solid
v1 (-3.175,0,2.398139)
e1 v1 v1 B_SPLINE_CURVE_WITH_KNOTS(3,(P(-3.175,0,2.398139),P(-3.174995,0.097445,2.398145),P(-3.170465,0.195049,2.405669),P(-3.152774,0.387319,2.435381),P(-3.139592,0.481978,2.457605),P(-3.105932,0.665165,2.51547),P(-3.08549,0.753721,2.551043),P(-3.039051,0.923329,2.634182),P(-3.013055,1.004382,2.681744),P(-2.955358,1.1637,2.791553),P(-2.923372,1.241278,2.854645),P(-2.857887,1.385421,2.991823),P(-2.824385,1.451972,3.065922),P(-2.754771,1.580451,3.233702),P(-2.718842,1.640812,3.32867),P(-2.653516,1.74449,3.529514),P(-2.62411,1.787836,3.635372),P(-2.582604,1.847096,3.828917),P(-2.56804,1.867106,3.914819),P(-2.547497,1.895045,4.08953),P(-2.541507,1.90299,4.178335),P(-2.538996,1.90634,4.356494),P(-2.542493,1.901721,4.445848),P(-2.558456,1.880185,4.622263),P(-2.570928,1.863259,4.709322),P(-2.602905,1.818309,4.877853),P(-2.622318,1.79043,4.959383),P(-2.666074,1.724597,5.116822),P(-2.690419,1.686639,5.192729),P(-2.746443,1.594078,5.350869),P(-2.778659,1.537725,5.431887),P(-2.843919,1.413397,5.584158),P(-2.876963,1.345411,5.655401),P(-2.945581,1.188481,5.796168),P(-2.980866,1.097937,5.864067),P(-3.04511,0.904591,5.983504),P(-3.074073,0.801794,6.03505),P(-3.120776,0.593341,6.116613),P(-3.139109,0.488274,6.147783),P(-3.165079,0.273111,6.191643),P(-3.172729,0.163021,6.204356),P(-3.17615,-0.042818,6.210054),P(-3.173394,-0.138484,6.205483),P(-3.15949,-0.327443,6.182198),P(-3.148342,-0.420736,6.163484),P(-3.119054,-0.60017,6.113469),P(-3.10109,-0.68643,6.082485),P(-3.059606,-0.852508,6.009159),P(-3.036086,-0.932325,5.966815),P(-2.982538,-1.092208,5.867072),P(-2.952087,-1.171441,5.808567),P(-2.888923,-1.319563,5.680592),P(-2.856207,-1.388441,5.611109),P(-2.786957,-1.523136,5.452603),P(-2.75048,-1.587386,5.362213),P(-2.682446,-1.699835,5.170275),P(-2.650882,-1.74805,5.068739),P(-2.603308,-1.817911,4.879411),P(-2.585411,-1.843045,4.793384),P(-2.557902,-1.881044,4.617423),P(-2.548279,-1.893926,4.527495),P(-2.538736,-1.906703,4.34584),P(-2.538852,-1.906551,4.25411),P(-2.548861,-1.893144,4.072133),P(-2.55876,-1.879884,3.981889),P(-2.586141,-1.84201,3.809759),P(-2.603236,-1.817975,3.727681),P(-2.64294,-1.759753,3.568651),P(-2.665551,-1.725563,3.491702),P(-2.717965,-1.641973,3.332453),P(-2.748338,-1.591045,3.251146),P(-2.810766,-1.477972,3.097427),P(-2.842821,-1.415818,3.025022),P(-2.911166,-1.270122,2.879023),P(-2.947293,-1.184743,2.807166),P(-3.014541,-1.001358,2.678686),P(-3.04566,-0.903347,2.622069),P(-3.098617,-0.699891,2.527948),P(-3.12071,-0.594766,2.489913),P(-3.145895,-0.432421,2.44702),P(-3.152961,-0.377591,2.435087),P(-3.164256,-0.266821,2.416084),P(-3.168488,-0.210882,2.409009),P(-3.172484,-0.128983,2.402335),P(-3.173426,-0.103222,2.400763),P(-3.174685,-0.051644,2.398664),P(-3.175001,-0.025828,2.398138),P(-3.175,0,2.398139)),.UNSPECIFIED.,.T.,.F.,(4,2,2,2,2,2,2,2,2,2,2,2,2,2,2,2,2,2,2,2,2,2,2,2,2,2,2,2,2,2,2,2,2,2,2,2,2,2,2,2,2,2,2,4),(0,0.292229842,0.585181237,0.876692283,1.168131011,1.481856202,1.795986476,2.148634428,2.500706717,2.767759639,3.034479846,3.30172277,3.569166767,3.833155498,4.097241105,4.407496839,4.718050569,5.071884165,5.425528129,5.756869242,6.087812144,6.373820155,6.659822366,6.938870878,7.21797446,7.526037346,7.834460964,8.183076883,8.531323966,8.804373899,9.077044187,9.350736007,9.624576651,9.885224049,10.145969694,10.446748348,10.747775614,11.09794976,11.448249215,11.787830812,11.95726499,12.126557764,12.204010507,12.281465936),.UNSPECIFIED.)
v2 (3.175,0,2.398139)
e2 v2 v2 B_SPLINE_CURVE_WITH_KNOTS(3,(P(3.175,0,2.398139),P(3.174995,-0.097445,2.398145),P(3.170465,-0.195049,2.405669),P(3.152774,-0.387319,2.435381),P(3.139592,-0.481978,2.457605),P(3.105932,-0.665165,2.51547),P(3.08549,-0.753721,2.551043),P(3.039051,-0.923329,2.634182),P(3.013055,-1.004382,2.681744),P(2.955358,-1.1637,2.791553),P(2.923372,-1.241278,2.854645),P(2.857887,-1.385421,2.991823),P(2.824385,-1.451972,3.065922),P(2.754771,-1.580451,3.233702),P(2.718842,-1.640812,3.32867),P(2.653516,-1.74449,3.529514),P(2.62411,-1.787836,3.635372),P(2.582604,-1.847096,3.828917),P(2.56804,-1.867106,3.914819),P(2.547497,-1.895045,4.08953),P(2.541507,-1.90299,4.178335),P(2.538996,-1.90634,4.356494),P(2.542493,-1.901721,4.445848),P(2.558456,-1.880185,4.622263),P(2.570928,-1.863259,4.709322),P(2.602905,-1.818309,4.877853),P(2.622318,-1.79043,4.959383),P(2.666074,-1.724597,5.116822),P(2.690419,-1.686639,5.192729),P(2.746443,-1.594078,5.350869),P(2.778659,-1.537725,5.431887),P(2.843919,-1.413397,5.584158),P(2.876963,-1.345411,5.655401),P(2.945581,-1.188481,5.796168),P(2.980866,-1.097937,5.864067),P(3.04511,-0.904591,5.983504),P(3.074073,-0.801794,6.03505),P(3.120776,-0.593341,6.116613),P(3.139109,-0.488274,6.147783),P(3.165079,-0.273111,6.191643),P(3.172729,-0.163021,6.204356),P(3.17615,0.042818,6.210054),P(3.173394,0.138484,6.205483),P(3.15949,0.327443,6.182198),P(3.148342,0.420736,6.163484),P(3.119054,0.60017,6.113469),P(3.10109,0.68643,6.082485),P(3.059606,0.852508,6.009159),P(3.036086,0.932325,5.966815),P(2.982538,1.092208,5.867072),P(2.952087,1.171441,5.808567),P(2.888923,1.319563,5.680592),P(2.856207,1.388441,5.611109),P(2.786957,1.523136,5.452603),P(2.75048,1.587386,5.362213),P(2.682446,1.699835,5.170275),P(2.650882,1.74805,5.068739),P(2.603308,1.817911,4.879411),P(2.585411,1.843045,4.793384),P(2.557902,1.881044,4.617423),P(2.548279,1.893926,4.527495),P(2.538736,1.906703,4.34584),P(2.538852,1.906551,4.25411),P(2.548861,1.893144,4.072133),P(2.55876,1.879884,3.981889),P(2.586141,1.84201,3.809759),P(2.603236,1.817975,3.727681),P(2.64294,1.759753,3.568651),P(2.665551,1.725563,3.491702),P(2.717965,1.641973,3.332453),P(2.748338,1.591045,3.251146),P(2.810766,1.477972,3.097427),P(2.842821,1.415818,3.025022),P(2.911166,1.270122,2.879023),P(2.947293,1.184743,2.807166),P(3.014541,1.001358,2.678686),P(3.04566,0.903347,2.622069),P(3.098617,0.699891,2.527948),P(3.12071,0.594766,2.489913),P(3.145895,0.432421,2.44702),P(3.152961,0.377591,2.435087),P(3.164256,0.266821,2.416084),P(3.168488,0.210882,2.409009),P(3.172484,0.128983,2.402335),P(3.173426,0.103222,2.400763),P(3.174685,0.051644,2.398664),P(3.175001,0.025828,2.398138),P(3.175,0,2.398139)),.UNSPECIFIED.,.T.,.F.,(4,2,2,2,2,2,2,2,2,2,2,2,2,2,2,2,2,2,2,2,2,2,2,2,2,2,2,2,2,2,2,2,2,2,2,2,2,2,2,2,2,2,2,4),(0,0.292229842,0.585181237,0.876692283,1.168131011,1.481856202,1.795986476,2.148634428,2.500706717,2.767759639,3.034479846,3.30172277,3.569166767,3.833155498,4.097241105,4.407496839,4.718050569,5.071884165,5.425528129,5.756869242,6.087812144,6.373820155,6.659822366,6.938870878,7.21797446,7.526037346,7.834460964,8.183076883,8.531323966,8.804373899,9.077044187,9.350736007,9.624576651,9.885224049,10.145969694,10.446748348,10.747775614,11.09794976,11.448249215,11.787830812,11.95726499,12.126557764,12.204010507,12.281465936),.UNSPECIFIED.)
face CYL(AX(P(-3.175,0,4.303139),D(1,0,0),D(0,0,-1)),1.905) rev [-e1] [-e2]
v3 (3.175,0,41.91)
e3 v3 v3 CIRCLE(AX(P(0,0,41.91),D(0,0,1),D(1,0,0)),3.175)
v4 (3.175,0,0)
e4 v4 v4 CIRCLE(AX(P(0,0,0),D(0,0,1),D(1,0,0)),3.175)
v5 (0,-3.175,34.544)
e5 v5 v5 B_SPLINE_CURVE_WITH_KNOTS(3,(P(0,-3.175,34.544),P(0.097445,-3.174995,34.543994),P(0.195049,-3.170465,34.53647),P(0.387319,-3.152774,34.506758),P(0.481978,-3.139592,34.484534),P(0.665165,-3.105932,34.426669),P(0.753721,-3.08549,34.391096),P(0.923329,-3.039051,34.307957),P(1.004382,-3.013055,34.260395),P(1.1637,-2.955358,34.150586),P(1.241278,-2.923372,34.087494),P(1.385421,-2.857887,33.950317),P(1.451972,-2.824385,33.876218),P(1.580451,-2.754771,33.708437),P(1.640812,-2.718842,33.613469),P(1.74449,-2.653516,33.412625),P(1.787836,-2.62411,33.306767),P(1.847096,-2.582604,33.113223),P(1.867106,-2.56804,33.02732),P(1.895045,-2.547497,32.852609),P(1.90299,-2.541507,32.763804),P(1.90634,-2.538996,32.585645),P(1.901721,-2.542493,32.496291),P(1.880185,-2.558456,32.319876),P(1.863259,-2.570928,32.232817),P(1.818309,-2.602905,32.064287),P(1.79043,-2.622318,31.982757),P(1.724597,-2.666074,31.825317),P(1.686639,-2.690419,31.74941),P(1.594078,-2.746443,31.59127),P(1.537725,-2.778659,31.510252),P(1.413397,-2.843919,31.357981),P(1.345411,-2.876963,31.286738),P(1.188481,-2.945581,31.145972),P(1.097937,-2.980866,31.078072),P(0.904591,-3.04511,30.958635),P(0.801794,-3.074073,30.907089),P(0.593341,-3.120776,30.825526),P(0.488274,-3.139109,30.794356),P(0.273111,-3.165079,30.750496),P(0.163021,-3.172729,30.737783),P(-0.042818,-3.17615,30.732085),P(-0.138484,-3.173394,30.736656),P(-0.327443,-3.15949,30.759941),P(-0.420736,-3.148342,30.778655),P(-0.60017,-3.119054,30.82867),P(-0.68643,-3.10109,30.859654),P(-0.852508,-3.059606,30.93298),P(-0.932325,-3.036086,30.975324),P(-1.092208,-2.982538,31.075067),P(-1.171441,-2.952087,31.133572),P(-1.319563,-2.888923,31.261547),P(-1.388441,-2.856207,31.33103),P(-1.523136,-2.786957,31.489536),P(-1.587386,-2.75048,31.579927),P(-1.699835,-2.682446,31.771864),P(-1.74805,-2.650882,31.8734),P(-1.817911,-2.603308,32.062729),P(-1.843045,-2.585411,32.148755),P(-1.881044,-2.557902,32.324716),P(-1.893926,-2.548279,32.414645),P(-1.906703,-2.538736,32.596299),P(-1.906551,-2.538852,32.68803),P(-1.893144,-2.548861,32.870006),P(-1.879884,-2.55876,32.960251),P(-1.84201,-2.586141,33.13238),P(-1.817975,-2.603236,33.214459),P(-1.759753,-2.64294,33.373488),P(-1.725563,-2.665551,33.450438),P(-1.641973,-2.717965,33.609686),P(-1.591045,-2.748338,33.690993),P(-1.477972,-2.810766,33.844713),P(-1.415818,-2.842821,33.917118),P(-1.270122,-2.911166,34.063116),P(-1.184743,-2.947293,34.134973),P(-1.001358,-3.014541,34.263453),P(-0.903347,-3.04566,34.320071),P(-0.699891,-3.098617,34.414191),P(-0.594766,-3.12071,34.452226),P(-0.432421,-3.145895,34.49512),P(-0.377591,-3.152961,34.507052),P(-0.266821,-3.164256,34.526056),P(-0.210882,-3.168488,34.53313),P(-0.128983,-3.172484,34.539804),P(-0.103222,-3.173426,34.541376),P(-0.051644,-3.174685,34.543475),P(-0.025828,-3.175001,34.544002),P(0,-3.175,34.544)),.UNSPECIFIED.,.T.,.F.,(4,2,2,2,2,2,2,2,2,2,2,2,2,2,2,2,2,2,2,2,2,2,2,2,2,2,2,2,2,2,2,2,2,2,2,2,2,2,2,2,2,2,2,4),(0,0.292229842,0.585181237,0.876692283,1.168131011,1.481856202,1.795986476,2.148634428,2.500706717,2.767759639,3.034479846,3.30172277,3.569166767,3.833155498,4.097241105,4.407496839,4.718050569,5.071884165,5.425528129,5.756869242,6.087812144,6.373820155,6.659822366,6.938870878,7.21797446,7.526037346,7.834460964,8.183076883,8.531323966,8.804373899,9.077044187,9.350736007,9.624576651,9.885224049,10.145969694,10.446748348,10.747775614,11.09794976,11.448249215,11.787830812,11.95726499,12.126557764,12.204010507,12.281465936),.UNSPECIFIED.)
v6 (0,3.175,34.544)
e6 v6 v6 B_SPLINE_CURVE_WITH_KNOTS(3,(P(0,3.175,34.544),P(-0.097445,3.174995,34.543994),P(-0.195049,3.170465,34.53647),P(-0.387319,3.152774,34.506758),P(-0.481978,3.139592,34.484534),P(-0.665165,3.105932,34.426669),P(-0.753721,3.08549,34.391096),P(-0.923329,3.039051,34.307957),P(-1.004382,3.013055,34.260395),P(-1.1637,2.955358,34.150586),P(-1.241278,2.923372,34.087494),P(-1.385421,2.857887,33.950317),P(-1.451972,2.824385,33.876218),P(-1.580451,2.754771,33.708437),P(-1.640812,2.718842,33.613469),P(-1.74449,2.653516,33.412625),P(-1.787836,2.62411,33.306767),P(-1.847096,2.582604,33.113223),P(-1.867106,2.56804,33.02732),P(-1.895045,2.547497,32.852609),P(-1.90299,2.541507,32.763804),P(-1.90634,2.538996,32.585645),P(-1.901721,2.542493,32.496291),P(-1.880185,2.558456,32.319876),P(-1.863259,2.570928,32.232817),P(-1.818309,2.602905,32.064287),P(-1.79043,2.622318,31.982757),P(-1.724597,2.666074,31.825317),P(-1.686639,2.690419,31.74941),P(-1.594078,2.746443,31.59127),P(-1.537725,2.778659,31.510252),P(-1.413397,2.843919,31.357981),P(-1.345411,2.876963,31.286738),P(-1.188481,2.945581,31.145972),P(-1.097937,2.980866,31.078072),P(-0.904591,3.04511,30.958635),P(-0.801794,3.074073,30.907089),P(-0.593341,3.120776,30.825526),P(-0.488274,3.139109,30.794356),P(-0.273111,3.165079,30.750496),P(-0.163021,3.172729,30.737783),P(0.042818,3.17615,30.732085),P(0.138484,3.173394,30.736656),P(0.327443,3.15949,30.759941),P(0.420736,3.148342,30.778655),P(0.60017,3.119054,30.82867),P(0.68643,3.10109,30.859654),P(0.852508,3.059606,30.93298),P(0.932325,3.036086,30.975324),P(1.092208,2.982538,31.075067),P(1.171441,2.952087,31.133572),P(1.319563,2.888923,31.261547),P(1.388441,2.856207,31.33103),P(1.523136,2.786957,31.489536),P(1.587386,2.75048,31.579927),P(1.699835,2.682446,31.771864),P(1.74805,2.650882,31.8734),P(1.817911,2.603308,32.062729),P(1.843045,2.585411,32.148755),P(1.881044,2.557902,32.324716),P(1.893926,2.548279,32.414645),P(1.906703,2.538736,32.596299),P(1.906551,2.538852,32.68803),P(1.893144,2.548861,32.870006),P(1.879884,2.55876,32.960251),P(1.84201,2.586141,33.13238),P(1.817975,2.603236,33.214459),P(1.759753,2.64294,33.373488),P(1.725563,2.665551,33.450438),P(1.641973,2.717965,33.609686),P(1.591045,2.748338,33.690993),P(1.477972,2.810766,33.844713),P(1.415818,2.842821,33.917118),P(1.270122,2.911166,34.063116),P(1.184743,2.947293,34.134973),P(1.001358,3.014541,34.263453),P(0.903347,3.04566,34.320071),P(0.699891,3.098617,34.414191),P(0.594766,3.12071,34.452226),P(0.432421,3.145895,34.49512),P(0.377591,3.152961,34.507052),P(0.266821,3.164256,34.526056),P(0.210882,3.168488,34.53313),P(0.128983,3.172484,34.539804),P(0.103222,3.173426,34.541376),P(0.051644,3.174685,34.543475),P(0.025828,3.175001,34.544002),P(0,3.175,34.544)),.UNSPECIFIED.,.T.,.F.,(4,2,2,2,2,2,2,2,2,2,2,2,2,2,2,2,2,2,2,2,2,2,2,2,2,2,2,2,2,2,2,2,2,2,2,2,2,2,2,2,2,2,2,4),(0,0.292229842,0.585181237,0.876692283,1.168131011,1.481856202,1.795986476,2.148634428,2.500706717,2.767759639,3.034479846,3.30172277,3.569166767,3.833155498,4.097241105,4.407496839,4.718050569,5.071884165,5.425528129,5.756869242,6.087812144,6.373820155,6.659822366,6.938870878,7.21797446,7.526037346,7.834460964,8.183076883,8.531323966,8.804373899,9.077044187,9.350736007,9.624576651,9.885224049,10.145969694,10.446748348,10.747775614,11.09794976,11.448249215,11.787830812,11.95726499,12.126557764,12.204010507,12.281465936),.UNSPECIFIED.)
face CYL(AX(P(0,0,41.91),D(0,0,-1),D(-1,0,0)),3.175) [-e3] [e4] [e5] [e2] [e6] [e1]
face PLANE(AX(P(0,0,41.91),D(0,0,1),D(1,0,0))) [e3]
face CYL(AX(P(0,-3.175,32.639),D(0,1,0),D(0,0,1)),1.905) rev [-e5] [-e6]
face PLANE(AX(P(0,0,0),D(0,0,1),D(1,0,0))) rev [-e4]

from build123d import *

# Parameters (mm, degrees)
SKETCH1_R               = 3.175
BOSS_EXTRUDE1_DEPTH     = 41.91
CUT_EXTRUDE1_DEPTH      = 43.149844009
CUT_EXTRUDE1_DEPTH_BACK = 43.149844009
SKETCH2_R               = 1.905
CUT_EXTRUDE2_DEPTH      = 43.149844124
CUT_EXTRUDE2_DEPTH_BACK = 43.149844124
SKETCH3_R               = 1.905


with BuildPart() as part:
    # Sketch1 → Boss-Extrude1 (new body)
    with BuildSketch(Plane.XY):
        Circle(SKETCH1_R)
    extrude(amount=BOSS_EXTRUDE1_DEPTH)

    # Sketch2 → Cut-Extrude1 (cut, two sides: drawn at the far end of the back side and taken through both)
    with BuildSketch(Plane(origin=(0, 0, 0), x_dir=(1, 0, 0), z_dir=(0, 1, 0)).offset(-CUT_EXTRUDE1_DEPTH_BACK)):
        with Locations(Location((0, -32.639, 0), (0, 0, 270))):
            Circle(SKETCH2_R)
    extrude(amount=CUT_EXTRUDE1_DEPTH + CUT_EXTRUDE1_DEPTH_BACK, mode=Mode.SUBTRACT)

    # Sketch3 → Cut-Extrude2 (cut, two sides: drawn at the far end of the back side and taken through both)
    with BuildSketch(Plane(origin=(0, 0, 0), x_dir=(0, 0, -1), z_dir=(1, 0, 0)).offset(-CUT_EXTRUDE2_DEPTH_BACK)):
        with Locations((-4.303139223, 0)):
            Circle(SKETCH3_R)
    extrude(amount=CUT_EXTRUDE2_DEPTH + CUT_EXTRUDE2_DEPTH_BACK, mode=Mode.SUBTRACT)


solid = part.part
